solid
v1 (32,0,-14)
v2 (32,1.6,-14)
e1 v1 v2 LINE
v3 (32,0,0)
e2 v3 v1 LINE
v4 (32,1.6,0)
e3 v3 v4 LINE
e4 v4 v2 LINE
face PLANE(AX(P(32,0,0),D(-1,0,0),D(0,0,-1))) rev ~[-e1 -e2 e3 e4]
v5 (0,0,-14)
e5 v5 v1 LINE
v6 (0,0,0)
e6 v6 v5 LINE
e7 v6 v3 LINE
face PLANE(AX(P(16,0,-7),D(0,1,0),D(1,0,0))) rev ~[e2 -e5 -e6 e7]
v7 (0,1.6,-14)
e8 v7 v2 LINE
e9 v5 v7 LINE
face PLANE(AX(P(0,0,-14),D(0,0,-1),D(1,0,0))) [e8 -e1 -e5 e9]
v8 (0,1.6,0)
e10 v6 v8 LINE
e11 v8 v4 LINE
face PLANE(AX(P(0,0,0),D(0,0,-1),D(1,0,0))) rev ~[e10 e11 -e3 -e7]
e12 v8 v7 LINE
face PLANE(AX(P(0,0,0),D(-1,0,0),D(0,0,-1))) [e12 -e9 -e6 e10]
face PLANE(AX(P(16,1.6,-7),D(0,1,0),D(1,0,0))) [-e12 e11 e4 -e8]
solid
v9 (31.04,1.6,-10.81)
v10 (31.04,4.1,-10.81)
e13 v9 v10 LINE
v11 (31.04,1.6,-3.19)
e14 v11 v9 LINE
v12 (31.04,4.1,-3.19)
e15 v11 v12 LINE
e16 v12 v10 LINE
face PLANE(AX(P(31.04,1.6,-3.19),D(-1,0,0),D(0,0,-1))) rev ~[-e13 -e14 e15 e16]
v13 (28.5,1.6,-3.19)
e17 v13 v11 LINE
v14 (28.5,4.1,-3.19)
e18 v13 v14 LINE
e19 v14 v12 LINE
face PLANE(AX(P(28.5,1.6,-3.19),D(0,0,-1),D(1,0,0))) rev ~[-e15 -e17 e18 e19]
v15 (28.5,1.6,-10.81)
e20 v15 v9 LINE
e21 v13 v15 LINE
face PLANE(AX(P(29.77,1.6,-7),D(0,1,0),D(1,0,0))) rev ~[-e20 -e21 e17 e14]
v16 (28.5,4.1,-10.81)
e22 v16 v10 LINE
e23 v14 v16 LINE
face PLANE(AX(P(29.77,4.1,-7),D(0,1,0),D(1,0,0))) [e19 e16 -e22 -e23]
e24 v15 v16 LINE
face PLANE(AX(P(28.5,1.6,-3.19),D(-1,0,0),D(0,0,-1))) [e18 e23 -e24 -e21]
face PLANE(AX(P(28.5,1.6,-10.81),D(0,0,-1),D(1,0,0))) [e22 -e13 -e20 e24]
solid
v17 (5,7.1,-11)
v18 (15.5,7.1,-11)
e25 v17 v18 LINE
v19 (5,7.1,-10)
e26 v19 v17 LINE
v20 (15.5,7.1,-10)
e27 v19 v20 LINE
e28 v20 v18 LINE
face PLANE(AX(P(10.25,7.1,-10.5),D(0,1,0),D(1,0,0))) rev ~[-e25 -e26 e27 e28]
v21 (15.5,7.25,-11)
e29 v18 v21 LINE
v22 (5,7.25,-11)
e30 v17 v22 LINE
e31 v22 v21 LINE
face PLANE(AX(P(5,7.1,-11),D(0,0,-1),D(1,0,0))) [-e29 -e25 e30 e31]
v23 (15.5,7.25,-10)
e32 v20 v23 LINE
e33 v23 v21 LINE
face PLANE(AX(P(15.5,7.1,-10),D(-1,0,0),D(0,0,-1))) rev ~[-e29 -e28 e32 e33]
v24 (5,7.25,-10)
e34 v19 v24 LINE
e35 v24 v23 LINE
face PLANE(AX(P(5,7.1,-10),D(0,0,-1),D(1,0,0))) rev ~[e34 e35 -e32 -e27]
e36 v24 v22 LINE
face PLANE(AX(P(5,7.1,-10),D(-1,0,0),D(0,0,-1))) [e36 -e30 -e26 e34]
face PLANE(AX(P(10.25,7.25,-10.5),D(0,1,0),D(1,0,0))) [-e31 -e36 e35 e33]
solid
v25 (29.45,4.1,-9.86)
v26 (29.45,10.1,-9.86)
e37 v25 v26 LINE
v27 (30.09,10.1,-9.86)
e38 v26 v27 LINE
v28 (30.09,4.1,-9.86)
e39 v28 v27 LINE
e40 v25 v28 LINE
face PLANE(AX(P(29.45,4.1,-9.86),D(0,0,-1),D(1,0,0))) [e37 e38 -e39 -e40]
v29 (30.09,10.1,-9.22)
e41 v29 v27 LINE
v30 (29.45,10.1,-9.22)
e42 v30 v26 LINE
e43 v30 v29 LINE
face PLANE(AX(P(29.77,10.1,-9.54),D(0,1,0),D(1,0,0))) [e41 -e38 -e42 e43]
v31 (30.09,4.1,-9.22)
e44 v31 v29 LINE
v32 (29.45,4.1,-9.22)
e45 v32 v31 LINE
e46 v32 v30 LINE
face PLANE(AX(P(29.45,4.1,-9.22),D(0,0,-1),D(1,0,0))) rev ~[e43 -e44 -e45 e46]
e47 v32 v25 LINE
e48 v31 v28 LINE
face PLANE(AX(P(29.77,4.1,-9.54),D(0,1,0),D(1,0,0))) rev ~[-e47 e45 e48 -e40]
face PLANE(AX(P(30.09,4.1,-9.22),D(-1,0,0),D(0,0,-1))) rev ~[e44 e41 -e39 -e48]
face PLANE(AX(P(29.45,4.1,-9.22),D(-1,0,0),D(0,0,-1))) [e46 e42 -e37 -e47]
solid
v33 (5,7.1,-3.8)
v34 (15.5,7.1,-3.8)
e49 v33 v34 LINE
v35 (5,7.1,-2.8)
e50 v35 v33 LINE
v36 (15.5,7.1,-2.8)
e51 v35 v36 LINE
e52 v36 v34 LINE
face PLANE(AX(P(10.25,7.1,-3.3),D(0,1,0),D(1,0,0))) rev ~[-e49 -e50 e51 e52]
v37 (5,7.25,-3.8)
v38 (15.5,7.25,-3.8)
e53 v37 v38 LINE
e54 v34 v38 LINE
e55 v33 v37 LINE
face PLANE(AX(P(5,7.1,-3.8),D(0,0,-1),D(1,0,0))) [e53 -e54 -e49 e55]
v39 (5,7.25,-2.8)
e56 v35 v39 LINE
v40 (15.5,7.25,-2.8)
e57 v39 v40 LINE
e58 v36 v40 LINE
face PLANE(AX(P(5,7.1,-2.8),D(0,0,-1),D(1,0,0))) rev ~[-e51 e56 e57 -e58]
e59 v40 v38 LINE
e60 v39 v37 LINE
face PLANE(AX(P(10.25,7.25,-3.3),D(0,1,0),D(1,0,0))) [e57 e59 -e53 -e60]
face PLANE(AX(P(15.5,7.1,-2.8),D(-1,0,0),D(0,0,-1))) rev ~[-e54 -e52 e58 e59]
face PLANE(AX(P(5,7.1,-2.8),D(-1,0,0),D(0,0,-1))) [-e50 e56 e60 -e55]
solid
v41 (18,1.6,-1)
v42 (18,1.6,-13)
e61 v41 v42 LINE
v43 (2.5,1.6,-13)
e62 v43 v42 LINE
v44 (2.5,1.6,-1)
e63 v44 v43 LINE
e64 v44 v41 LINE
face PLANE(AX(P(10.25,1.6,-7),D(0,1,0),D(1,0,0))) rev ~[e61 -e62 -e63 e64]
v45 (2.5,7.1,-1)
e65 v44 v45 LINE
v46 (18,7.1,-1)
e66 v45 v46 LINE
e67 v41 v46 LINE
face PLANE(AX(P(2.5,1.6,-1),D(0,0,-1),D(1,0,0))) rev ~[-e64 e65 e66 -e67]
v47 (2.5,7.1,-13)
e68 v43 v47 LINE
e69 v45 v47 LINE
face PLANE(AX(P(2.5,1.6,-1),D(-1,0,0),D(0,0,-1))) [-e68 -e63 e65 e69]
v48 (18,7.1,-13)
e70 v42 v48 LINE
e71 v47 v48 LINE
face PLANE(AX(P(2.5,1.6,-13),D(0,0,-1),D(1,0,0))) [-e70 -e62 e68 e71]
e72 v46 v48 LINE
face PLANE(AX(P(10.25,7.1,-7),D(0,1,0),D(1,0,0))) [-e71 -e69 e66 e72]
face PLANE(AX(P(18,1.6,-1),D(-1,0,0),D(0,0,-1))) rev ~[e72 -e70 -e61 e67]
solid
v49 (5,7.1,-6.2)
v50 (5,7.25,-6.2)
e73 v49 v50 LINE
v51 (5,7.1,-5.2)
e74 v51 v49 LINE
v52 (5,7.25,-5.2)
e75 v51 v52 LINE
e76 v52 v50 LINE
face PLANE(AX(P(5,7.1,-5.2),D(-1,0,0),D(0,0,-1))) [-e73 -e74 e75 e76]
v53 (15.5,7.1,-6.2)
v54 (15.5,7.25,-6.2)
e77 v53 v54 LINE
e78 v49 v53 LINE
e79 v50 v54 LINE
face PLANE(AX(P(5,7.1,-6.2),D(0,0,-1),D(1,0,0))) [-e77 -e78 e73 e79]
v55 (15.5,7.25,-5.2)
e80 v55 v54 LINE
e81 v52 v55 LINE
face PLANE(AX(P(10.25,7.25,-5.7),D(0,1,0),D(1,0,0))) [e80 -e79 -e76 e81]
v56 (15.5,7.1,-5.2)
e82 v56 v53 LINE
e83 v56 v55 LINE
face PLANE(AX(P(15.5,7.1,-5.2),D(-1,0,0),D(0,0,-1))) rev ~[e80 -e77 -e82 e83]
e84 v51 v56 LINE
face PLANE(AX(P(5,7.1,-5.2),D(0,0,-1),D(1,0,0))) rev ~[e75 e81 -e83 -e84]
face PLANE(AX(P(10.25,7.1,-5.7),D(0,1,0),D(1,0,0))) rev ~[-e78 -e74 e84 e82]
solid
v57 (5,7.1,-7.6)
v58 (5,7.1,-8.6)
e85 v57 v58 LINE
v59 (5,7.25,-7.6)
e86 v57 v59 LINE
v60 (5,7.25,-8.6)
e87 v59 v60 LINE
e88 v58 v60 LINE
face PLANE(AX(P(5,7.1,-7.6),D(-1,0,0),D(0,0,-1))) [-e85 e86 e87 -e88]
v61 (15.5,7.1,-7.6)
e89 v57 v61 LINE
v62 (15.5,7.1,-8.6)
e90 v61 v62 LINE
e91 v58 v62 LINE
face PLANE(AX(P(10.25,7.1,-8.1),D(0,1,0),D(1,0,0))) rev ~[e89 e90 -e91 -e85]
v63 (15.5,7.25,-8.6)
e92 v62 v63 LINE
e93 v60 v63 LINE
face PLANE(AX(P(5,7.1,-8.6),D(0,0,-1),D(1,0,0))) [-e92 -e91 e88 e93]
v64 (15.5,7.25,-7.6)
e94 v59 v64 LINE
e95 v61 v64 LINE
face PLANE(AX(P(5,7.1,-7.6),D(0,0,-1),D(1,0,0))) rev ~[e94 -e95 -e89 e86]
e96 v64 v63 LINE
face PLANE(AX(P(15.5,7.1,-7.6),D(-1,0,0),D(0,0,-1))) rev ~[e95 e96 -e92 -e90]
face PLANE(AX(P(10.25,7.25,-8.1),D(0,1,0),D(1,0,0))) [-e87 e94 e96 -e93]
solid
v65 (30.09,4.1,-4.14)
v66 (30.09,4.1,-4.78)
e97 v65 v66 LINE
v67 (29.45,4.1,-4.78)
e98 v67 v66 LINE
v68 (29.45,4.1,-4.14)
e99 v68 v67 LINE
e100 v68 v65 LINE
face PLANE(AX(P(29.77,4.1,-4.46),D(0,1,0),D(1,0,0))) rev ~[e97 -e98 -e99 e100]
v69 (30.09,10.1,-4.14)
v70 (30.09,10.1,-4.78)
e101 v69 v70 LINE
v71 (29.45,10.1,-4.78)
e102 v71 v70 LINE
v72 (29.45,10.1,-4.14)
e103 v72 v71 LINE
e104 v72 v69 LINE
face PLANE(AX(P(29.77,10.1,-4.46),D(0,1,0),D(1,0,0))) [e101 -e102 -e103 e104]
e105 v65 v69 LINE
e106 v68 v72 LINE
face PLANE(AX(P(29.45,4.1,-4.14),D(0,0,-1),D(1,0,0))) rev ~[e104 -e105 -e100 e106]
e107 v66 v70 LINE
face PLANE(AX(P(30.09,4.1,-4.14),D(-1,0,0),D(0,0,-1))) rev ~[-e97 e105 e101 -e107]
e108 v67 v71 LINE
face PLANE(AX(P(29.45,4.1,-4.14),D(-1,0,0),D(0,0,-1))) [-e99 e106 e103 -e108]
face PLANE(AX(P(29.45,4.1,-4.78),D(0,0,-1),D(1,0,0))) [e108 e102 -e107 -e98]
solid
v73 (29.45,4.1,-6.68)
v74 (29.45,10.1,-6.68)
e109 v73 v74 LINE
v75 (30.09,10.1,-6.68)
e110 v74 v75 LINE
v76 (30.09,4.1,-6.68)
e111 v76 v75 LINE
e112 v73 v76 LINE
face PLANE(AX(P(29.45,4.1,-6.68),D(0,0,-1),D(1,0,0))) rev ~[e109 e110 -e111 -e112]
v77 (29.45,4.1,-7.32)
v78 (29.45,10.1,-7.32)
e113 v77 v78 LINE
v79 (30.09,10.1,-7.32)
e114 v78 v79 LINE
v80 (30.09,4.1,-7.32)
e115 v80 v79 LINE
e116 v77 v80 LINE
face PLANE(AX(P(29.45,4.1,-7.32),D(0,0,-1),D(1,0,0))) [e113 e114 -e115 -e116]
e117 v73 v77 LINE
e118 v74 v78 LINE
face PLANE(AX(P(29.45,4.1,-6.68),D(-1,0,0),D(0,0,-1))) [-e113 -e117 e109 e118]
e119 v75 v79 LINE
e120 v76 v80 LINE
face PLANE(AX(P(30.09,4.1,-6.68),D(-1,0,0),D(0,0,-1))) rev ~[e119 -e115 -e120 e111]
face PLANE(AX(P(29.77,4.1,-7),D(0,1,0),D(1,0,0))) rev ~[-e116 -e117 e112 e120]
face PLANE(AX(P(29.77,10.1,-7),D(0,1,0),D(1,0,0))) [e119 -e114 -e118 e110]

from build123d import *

# Parameters (mm, degrees)
SK_PCB_W            = 32
SK_PCB_H            = 14
PCB_DEPTH           = 1.6
DHT11_START         = 1.6
SK_DHT11_HOUSING_W  = 15.5
SK_DHT11_HOUSING_H  = 12
DHT11_HOUSING_DEPTH = 5.5
GRILLE_START        = 7.1
SK_GRILLE_W         = 10.5
SK_GRILLE_H         = 1
GRILLE_DEPTH        = 0.15
GRILLE_2_DEPTH      = 0.15
GRILLE_3_DEPTH      = 0.15
GRILLE_4_DEPTH      = 0.15
HEADER_START        = 1.6
SK_HEADER_3_PIN_W   = 2.54
SK_HEADER_3_PIN_H   = 7.62
HEADER_3_PIN_DEPTH  = 2.5
HEADER_START_2      = 4.1
SK_HEADER_PINS_W    = 0.64
SK_HEADER_PINS_H    = 0.64
HEADER_PINS_DEPTH   = 6
HEADER_PINS_2_DEPTH = 6
HEADER_PINS_3_DEPTH = 6


with BuildPart() as part:
    # SK PCB → PCB (new body)
    with BuildSketch(Plane(origin=(0, 0, 0), x_dir=(1, 0, 0), z_dir=(0, 1, 0))):
        with Locations((16, 7)):
            Rectangle(SK_PCB_W, SK_PCB_H)
    extrude(amount=PCB_DEPTH)


with BuildPart() as body_2:
    # SK DHT11 housing → DHT11 housing (new body)
    with BuildSketch(Plane(origin=(0, 0, 0), x_dir=(1, 0, 0), z_dir=(0, 1, 0)).offset(DHT11_START)):
        with Locations((10.25, 7)):
            Rectangle(SK_DHT11_HOUSING_W, SK_DHT11_HOUSING_H)
    extrude(amount=DHT11_HOUSING_DEPTH)


with BuildPart() as body_3:
    # SK Grille → Grille (new body)
    with BuildSketch(Plane(origin=(0, 0, 0), x_dir=(1, 0, 0), z_dir=(0, 1, 0)).offset(GRILLE_START)):
        with Locations((10.25, 10.5)):
            Rectangle(SK_GRILLE_W, SK_GRILLE_H)
    extrude(amount=GRILLE_DEPTH)


with BuildPart() as body_4:
    # SK Grille → Grille 2 (new body)
    with BuildSketch(Plane(origin=(0, 0, 0), x_dir=(1, 0, 0), z_dir=(0, 1, 0)).offset(GRILLE_START)):
        with Locations((10.25, 8.1)):
            Rectangle(SK_GRILLE_W, SK_GRILLE_H)
    extrude(amount=GRILLE_2_DEPTH)


with BuildPart() as body_5:
    # SK Grille → Grille 3 (new body)
    with BuildSketch(Plane(origin=(0, 0, 0), x_dir=(1, 0, 0), z_dir=(0, 1, 0)).offset(GRILLE_START)):
        with Locations((10.25, 5.7)):
            Rectangle(SK_GRILLE_W, SK_GRILLE_H)
    extrude(amount=GRILLE_3_DEPTH)


with BuildPart() as body_6:
    # SK Grille → Grille 4 (new body)
    with BuildSketch(Plane(origin=(0, 0, 0), x_dir=(1, 0, 0), z_dir=(0, 1, 0)).offset(GRILLE_START)):
        with Locations((10.25, 3.3)):
            Rectangle(SK_GRILLE_W, SK_GRILLE_H)
    extrude(amount=GRILLE_4_DEPTH)


with BuildPart() as body_7:
    # SK Header 3 pin → Header 3 pin (new body)
    with BuildSketch(Plane(origin=(0, 0, 0), x_dir=(1, 0, 0), z_dir=(0, 1, 0)).offset(HEADER_START)):
        with Locations((29.77, 7)):
            Rectangle(SK_HEADER_3_PIN_W, SK_HEADER_3_PIN_H)
    extrude(amount=HEADER_3_PIN_DEPTH)


with BuildPart() as body_8:
    # SK Header pins → Header pins (new body)
    with BuildSketch(Plane(origin=(0, 0, 0), x_dir=(1, 0, 0), z_dir=(0, 1, 0)).offset(HEADER_START_2)):
        with Locations((29.77, 9.54)):
            Rectangle(SK_HEADER_PINS_W, SK_HEADER_PINS_H)
    extrude(amount=HEADER_PINS_DEPTH)


with BuildPart() as body_9:
    # SK Header pins → Header pins 2 (new body)
    with BuildSketch(Plane(origin=(0, 0, 0), x_dir=(1, 0, 0), z_dir=(0, 1, 0)).offset(HEADER_START_2)):
        with Locations((29.77, 7)):
            Rectangle(SK_HEADER_PINS_W, SK_HEADER_PINS_H)
    extrude(amount=HEADER_PINS_2_DEPTH)


with BuildPart() as body_10:
    # SK Header pins → Header pins 3 (new body)
    with BuildSketch(Plane(origin=(0, 0, 0), x_dir=(1, 0, 0), z_dir=(0, 1, 0)).offset(HEADER_START_2)):
        with Locations((29.77, 4.46)):
            Rectangle(SK_HEADER_PINS_W, SK_HEADER_PINS_H)
    extrude(amount=HEADER_PINS_3_DEPTH)


solid = Compound([part.part, body_2.part, body_3.part, body_4.part, body_5.part, body_6.part, body_7.part, body_8.part, body_9.part, body_10.part])
